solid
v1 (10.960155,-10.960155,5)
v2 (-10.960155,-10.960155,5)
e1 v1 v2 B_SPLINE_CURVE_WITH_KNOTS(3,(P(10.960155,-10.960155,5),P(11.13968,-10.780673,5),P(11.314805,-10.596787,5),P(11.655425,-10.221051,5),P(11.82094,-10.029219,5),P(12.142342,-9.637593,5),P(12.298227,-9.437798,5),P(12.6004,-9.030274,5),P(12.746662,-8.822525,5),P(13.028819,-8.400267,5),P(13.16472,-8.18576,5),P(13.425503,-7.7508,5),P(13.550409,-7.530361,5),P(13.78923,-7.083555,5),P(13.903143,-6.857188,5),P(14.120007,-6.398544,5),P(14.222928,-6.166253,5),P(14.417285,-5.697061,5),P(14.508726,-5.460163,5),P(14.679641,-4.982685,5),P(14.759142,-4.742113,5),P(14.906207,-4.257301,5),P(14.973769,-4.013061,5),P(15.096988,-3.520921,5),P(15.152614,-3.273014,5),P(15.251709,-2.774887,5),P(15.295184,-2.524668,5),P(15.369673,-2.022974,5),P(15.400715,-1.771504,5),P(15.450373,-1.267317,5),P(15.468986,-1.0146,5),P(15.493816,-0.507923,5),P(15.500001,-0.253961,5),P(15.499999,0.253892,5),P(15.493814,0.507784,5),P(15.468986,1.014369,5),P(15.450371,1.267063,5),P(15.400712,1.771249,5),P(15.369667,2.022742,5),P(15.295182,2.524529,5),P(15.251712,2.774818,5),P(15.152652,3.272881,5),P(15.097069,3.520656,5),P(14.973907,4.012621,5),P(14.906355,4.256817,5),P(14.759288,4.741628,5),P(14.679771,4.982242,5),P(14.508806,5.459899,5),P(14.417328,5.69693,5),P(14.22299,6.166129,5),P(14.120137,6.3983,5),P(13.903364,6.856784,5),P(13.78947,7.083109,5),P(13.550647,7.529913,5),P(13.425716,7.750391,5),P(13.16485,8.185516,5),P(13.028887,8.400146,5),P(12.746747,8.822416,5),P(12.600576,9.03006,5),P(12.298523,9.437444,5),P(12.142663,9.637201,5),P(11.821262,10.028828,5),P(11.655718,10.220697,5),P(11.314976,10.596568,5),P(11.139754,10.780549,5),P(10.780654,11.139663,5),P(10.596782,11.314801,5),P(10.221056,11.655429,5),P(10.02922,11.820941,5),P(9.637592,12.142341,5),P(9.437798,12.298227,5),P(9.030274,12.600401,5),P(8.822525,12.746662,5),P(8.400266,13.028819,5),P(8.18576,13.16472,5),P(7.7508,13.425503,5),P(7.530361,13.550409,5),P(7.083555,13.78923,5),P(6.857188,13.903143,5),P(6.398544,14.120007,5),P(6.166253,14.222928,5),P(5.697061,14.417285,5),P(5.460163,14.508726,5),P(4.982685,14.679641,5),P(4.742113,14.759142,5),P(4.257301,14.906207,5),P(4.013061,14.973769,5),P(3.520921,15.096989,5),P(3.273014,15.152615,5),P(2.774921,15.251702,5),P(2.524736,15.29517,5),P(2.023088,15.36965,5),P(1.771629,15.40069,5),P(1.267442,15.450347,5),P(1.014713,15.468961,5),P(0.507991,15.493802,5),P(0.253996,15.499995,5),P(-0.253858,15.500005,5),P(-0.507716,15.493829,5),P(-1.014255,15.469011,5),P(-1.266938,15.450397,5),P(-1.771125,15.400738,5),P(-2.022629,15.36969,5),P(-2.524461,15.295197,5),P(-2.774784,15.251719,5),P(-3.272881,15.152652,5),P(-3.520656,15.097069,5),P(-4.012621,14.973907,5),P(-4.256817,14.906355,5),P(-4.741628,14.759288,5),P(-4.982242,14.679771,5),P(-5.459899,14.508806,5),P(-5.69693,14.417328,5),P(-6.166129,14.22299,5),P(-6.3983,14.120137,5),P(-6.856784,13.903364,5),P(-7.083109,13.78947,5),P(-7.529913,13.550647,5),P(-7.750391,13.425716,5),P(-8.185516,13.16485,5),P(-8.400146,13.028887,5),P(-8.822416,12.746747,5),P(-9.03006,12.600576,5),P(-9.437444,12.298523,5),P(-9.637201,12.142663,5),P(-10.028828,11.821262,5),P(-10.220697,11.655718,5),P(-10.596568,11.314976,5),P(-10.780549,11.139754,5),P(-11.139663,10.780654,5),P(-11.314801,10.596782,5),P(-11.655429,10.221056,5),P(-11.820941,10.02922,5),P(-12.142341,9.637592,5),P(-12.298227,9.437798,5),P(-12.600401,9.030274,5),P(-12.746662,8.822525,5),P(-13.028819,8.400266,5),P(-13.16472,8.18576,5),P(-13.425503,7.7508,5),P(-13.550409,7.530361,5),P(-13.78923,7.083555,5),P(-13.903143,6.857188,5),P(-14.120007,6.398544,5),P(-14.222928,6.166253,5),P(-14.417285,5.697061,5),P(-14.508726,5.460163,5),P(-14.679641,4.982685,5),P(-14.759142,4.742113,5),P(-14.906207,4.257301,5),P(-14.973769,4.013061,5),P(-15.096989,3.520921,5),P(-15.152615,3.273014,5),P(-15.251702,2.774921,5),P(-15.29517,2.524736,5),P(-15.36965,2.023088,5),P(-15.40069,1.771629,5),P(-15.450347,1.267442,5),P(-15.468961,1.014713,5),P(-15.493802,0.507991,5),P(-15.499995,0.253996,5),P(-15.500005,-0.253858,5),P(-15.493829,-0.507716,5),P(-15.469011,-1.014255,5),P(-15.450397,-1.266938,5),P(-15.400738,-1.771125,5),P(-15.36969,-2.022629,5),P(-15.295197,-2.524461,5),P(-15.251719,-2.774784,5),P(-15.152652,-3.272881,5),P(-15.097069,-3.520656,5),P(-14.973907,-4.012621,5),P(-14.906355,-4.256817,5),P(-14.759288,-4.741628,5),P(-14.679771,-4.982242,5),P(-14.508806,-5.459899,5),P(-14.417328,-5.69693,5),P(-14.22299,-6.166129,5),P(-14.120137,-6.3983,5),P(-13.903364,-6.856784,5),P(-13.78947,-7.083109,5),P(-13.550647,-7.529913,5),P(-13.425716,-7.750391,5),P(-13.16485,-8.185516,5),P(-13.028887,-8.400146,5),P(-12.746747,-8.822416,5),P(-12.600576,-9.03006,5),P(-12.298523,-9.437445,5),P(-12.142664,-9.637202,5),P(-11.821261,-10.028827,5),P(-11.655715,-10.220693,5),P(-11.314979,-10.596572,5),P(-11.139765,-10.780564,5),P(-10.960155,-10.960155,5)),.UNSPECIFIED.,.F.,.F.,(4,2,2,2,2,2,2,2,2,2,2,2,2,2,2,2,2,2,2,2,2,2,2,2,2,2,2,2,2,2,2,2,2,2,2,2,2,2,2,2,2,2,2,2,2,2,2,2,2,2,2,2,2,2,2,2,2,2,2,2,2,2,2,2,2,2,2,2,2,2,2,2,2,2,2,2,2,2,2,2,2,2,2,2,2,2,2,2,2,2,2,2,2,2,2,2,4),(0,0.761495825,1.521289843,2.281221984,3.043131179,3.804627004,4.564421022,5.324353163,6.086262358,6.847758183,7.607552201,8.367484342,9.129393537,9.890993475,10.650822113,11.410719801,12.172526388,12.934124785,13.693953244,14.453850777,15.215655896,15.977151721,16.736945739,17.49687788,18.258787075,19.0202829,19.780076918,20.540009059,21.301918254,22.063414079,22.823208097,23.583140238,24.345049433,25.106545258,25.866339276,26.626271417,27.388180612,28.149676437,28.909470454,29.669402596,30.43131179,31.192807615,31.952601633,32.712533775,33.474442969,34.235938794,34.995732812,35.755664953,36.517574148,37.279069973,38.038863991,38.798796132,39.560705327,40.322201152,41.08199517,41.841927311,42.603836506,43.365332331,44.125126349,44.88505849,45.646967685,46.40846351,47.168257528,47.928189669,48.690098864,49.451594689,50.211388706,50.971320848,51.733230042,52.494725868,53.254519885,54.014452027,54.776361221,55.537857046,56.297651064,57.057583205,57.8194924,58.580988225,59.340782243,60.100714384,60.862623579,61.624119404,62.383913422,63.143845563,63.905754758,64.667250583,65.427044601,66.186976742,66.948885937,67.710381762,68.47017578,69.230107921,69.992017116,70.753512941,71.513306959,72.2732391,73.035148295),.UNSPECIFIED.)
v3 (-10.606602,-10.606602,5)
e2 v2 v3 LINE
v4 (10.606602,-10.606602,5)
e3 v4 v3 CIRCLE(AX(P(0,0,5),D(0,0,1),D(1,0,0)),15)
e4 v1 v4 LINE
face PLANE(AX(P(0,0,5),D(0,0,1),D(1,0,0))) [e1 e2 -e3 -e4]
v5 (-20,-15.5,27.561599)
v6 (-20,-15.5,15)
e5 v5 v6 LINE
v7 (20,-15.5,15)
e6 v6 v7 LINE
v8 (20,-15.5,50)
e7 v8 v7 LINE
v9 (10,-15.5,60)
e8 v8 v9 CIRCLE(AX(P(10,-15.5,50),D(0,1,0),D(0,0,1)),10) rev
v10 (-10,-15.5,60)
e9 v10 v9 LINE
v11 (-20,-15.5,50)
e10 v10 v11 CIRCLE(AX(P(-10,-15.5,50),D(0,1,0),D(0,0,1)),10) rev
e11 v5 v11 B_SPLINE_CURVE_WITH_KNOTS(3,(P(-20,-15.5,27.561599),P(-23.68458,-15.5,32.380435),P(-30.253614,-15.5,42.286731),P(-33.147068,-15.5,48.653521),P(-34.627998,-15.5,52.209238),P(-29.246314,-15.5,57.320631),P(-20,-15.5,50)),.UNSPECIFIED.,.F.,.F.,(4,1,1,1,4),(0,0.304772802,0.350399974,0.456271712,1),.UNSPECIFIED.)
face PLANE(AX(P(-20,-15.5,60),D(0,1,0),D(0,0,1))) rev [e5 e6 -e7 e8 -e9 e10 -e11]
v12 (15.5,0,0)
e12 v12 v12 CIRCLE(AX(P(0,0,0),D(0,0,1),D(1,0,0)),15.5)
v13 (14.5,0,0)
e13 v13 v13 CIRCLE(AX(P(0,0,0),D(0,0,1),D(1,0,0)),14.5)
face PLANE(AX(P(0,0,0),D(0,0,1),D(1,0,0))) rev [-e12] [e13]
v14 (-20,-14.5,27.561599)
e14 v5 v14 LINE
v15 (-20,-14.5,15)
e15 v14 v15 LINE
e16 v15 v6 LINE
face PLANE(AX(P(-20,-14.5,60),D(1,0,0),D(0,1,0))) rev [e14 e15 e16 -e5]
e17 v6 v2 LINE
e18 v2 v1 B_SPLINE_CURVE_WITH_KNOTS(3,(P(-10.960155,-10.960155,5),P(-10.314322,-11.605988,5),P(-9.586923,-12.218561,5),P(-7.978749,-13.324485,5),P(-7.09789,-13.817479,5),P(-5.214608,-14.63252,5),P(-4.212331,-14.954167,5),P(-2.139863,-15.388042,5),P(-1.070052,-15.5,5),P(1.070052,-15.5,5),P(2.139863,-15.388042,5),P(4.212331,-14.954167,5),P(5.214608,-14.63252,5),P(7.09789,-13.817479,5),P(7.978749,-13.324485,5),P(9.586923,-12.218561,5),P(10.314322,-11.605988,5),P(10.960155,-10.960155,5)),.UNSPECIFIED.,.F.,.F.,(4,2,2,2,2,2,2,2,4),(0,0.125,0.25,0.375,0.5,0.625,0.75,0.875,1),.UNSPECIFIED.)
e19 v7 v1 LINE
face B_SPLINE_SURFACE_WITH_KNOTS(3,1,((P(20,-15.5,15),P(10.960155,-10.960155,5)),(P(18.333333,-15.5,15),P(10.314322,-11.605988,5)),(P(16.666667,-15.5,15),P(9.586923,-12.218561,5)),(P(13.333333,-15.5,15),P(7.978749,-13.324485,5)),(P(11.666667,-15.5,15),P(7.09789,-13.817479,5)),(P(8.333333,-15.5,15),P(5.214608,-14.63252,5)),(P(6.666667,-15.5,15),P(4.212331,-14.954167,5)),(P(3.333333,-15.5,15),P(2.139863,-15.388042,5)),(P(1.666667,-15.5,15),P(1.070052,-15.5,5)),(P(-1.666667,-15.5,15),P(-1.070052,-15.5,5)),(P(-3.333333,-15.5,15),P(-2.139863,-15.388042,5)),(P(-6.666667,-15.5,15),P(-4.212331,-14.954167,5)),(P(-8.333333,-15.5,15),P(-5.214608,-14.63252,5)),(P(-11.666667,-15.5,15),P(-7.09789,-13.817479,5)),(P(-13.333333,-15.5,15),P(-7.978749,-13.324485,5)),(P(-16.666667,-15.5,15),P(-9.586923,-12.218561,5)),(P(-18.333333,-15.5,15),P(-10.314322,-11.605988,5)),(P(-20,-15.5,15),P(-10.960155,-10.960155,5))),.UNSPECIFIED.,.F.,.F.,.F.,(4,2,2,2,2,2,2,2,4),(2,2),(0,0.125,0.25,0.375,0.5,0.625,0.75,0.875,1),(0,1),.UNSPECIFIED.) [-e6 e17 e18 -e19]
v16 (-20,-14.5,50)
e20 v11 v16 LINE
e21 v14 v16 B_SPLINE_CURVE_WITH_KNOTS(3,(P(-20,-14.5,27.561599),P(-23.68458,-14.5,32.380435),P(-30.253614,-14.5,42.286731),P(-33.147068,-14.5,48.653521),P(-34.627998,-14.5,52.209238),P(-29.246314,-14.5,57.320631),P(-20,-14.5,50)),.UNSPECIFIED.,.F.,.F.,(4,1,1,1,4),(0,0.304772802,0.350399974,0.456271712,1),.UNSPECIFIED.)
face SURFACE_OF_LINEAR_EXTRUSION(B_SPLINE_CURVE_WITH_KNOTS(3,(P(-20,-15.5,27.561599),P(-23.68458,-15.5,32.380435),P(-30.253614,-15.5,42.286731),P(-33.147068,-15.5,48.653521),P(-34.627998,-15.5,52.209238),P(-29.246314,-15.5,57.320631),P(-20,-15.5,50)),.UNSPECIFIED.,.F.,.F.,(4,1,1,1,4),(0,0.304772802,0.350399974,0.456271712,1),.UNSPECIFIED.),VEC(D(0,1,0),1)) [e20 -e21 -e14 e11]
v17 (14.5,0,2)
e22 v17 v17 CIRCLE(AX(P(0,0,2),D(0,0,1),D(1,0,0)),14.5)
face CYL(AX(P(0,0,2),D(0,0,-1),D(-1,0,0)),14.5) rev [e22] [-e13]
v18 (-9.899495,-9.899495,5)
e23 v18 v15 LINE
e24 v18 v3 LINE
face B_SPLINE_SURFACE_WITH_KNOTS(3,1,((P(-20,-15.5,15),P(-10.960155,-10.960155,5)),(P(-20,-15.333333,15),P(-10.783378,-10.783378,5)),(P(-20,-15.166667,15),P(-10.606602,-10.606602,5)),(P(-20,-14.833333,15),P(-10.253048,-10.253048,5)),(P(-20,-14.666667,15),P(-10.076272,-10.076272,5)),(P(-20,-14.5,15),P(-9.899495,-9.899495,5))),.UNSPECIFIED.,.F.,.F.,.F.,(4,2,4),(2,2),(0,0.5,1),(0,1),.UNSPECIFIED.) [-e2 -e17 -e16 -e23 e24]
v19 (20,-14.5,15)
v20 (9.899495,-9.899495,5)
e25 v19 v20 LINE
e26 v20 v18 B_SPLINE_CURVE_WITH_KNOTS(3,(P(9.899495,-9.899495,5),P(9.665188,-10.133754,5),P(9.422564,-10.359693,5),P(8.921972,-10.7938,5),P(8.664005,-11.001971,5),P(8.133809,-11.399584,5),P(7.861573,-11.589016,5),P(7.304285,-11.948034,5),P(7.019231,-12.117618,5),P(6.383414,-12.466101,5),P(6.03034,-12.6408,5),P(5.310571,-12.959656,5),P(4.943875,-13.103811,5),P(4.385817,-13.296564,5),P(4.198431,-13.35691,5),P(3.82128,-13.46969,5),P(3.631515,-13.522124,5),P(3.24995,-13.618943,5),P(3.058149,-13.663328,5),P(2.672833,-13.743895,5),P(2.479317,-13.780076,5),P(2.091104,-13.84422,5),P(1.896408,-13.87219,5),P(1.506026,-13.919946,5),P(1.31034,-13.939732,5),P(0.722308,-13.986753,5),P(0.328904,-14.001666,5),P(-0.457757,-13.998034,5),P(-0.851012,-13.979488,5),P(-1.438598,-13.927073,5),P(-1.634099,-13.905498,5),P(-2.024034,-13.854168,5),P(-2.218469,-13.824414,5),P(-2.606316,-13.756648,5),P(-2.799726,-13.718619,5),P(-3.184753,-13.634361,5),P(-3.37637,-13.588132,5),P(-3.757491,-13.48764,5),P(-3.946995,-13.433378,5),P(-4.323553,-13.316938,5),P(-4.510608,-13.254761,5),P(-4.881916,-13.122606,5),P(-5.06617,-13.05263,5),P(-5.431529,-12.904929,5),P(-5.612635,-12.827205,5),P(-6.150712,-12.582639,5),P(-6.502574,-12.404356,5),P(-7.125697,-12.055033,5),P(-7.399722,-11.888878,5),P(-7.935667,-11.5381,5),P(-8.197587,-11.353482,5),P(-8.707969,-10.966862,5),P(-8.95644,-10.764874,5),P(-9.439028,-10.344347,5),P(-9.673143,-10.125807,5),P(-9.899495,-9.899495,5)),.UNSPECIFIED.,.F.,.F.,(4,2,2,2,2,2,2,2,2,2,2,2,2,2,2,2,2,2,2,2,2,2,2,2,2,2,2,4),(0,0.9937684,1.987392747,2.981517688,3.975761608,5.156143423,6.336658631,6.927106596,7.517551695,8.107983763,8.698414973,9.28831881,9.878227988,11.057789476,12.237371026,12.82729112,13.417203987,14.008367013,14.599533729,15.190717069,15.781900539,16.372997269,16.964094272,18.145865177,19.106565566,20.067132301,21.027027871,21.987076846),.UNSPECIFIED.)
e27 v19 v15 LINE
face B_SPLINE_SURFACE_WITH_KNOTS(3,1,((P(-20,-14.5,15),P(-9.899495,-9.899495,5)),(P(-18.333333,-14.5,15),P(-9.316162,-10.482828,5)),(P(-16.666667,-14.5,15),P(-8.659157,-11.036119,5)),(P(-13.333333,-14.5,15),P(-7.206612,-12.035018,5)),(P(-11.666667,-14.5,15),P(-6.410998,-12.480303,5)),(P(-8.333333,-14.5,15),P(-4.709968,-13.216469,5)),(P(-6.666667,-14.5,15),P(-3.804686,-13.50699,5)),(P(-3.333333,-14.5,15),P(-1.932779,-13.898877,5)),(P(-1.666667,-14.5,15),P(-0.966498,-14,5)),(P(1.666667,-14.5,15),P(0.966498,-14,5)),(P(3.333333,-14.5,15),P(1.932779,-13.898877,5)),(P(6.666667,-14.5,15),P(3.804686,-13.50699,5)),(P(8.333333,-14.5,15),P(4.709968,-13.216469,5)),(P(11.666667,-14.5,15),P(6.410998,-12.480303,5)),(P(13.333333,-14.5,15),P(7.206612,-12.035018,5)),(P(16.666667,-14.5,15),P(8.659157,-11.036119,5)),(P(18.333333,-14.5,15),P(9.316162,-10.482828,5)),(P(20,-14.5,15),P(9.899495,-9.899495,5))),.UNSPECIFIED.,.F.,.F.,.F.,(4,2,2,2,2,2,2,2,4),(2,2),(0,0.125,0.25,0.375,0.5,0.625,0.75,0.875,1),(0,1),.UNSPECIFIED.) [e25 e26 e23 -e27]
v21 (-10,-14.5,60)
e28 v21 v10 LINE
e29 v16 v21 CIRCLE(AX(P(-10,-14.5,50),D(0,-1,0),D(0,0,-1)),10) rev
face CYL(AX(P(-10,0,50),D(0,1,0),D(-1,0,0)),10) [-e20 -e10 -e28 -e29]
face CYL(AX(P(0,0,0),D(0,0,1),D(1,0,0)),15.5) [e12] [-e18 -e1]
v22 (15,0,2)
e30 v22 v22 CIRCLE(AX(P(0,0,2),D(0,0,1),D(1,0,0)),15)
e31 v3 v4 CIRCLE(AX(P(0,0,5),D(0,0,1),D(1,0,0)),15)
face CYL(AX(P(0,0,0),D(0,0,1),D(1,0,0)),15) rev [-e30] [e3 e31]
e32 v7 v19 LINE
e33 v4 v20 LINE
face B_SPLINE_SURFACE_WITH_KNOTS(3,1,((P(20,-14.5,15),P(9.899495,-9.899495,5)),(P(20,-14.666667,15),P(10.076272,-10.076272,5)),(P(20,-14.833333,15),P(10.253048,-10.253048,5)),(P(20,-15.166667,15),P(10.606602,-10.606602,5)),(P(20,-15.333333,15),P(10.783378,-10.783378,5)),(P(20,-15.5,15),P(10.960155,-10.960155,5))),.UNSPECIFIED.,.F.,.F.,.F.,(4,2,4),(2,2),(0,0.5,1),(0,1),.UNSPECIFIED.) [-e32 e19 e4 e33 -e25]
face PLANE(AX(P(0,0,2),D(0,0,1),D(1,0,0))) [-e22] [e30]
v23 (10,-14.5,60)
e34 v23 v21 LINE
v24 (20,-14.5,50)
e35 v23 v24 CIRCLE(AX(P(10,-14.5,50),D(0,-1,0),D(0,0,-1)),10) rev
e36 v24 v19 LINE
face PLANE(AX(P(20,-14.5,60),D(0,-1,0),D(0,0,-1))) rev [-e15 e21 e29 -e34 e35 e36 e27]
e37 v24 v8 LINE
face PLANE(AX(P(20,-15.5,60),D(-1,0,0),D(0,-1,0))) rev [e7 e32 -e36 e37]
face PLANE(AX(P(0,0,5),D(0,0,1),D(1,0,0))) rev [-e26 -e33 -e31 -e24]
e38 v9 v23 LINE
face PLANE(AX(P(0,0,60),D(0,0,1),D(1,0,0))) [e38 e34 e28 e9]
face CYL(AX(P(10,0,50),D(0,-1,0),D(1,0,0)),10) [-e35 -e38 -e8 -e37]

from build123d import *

# Parameters (mm, degrees)
SKETCH1_R                = 15
SKETCH1_R_2              = 14.5
BOSS_EXTRUDE1_DEPTH      = 2
BOSS_EXTRUDE2_DEPTH      = 3
BOSS_EXTRUDE2_DEPTH_BACK = 2
SKETCH2_R                = 15.5
SKETCH2_R_2              = 15
SKETCH5_W                = 40
SKETCH5_H                = 1
BOSS_EXTRUDE3_DEPTH      = 45
FILLET1_R                = 10
BOSS_EXTRUDE4_DEPTH      = 1


with BuildPart() as part:
    # Sketch1 → Boss-Extrude1 (new body)
    with BuildSketch(Plane.XY):
        Circle(SKETCH1_R)
        Circle(SKETCH1_R_2, mode=Mode.SUBTRACT)
    extrude(amount=BOSS_EXTRUDE1_DEPTH)

    # Sketch2 → Boss-Extrude2 (add, two sides: drawn at the far end of the back side and taken through both)
    with BuildSketch(Plane.XY.offset(2).offset(-BOSS_EXTRUDE2_DEPTH_BACK)):
        Circle(SKETCH2_R)
        Circle(SKETCH2_R_2, mode=Mode.SUBTRACT)
    extrude(amount=BOSS_EXTRUDE2_DEPTH + BOSS_EXTRUDE2_DEPTH_BACK)

    # Sketch4 → Loft1 section 0
    with BuildSketch(Plane.XY.offset(15)):
        with BuildLine():
            Line((-20, -15.5), (20, -15.5))
            Line((20, -15.5), (20, -14.5))
            Line((20, -14.5), (-20, -14.5))
            Line((-20, -14.5), (-20, -15.5))
        make_face()
    # Sketch3 for Loft1 → Loft1 section 1
    with BuildSketch(Plane.XY.offset(5)):
        with BuildLine():
            Line((-9.899494937, -9.899494937), (-10.960155108, -10.960155108))
            # circular arc as an exact rational Bezier (weights 1, cos(half-angle), 1)
            Bezier((-10.960155108, -10.960155108), (0, -21.920310217), (10.960155108, -10.960155108), weights=[1, 0.707106781, 1])
            Line((10.960155108, -10.960155108), (9.899494937, -9.899494937))
            Bezier((9.899494937, -9.899494937), (0, -19.798989873), (-9.899494937, -9.899494937), weights=[1, 0.707106781, 1])
        make_face()
    loft()

    # Sketch5 → Boss-Extrude3 (add)
    with BuildSketch(Plane.XY.offset(15)):
        with Locations((0, -15)):
            Rectangle(SKETCH5_W, SKETCH5_H)
    extrude(amount=BOSS_EXTRUDE3_DEPTH)

    # Fillet1
    fillet1_edges = [part.edges().sort_by_distance(p)[0] for p in [
        (-20, -15, 60),
        (20, -15, 60),
    ]]
    fillet(fillet1_edges, radius=FILLET1_R)

    # Sketch6 → Boss-Extrude4 (add)
    with BuildSketch(Plane(origin=(0, -14.5, 0), x_dir=(1, 0, 0), z_dir=(0, 1, 0))):
        with BuildLine():
            Line((-20, -27.561598622), (-20, -50))
            add(Edge.make_bspline(
                [(-20, -27.561598622), (-23.684580214, -32.380435237), (-30.253613698, -42.286731283), (-33.147068254, -48.653521104), (-34.627998346, -52.209238413), (-29.246314481, -57.320630676), (-20, -50)],
                knots=[0, 0, 0, 0, 0.304772802, 0.350399974, 0.456271712, 1, 1, 1, 1], degree=3))
        make_face()
    extrude(amount=-BOSS_EXTRUDE4_DEPTH)


solid = part.part
